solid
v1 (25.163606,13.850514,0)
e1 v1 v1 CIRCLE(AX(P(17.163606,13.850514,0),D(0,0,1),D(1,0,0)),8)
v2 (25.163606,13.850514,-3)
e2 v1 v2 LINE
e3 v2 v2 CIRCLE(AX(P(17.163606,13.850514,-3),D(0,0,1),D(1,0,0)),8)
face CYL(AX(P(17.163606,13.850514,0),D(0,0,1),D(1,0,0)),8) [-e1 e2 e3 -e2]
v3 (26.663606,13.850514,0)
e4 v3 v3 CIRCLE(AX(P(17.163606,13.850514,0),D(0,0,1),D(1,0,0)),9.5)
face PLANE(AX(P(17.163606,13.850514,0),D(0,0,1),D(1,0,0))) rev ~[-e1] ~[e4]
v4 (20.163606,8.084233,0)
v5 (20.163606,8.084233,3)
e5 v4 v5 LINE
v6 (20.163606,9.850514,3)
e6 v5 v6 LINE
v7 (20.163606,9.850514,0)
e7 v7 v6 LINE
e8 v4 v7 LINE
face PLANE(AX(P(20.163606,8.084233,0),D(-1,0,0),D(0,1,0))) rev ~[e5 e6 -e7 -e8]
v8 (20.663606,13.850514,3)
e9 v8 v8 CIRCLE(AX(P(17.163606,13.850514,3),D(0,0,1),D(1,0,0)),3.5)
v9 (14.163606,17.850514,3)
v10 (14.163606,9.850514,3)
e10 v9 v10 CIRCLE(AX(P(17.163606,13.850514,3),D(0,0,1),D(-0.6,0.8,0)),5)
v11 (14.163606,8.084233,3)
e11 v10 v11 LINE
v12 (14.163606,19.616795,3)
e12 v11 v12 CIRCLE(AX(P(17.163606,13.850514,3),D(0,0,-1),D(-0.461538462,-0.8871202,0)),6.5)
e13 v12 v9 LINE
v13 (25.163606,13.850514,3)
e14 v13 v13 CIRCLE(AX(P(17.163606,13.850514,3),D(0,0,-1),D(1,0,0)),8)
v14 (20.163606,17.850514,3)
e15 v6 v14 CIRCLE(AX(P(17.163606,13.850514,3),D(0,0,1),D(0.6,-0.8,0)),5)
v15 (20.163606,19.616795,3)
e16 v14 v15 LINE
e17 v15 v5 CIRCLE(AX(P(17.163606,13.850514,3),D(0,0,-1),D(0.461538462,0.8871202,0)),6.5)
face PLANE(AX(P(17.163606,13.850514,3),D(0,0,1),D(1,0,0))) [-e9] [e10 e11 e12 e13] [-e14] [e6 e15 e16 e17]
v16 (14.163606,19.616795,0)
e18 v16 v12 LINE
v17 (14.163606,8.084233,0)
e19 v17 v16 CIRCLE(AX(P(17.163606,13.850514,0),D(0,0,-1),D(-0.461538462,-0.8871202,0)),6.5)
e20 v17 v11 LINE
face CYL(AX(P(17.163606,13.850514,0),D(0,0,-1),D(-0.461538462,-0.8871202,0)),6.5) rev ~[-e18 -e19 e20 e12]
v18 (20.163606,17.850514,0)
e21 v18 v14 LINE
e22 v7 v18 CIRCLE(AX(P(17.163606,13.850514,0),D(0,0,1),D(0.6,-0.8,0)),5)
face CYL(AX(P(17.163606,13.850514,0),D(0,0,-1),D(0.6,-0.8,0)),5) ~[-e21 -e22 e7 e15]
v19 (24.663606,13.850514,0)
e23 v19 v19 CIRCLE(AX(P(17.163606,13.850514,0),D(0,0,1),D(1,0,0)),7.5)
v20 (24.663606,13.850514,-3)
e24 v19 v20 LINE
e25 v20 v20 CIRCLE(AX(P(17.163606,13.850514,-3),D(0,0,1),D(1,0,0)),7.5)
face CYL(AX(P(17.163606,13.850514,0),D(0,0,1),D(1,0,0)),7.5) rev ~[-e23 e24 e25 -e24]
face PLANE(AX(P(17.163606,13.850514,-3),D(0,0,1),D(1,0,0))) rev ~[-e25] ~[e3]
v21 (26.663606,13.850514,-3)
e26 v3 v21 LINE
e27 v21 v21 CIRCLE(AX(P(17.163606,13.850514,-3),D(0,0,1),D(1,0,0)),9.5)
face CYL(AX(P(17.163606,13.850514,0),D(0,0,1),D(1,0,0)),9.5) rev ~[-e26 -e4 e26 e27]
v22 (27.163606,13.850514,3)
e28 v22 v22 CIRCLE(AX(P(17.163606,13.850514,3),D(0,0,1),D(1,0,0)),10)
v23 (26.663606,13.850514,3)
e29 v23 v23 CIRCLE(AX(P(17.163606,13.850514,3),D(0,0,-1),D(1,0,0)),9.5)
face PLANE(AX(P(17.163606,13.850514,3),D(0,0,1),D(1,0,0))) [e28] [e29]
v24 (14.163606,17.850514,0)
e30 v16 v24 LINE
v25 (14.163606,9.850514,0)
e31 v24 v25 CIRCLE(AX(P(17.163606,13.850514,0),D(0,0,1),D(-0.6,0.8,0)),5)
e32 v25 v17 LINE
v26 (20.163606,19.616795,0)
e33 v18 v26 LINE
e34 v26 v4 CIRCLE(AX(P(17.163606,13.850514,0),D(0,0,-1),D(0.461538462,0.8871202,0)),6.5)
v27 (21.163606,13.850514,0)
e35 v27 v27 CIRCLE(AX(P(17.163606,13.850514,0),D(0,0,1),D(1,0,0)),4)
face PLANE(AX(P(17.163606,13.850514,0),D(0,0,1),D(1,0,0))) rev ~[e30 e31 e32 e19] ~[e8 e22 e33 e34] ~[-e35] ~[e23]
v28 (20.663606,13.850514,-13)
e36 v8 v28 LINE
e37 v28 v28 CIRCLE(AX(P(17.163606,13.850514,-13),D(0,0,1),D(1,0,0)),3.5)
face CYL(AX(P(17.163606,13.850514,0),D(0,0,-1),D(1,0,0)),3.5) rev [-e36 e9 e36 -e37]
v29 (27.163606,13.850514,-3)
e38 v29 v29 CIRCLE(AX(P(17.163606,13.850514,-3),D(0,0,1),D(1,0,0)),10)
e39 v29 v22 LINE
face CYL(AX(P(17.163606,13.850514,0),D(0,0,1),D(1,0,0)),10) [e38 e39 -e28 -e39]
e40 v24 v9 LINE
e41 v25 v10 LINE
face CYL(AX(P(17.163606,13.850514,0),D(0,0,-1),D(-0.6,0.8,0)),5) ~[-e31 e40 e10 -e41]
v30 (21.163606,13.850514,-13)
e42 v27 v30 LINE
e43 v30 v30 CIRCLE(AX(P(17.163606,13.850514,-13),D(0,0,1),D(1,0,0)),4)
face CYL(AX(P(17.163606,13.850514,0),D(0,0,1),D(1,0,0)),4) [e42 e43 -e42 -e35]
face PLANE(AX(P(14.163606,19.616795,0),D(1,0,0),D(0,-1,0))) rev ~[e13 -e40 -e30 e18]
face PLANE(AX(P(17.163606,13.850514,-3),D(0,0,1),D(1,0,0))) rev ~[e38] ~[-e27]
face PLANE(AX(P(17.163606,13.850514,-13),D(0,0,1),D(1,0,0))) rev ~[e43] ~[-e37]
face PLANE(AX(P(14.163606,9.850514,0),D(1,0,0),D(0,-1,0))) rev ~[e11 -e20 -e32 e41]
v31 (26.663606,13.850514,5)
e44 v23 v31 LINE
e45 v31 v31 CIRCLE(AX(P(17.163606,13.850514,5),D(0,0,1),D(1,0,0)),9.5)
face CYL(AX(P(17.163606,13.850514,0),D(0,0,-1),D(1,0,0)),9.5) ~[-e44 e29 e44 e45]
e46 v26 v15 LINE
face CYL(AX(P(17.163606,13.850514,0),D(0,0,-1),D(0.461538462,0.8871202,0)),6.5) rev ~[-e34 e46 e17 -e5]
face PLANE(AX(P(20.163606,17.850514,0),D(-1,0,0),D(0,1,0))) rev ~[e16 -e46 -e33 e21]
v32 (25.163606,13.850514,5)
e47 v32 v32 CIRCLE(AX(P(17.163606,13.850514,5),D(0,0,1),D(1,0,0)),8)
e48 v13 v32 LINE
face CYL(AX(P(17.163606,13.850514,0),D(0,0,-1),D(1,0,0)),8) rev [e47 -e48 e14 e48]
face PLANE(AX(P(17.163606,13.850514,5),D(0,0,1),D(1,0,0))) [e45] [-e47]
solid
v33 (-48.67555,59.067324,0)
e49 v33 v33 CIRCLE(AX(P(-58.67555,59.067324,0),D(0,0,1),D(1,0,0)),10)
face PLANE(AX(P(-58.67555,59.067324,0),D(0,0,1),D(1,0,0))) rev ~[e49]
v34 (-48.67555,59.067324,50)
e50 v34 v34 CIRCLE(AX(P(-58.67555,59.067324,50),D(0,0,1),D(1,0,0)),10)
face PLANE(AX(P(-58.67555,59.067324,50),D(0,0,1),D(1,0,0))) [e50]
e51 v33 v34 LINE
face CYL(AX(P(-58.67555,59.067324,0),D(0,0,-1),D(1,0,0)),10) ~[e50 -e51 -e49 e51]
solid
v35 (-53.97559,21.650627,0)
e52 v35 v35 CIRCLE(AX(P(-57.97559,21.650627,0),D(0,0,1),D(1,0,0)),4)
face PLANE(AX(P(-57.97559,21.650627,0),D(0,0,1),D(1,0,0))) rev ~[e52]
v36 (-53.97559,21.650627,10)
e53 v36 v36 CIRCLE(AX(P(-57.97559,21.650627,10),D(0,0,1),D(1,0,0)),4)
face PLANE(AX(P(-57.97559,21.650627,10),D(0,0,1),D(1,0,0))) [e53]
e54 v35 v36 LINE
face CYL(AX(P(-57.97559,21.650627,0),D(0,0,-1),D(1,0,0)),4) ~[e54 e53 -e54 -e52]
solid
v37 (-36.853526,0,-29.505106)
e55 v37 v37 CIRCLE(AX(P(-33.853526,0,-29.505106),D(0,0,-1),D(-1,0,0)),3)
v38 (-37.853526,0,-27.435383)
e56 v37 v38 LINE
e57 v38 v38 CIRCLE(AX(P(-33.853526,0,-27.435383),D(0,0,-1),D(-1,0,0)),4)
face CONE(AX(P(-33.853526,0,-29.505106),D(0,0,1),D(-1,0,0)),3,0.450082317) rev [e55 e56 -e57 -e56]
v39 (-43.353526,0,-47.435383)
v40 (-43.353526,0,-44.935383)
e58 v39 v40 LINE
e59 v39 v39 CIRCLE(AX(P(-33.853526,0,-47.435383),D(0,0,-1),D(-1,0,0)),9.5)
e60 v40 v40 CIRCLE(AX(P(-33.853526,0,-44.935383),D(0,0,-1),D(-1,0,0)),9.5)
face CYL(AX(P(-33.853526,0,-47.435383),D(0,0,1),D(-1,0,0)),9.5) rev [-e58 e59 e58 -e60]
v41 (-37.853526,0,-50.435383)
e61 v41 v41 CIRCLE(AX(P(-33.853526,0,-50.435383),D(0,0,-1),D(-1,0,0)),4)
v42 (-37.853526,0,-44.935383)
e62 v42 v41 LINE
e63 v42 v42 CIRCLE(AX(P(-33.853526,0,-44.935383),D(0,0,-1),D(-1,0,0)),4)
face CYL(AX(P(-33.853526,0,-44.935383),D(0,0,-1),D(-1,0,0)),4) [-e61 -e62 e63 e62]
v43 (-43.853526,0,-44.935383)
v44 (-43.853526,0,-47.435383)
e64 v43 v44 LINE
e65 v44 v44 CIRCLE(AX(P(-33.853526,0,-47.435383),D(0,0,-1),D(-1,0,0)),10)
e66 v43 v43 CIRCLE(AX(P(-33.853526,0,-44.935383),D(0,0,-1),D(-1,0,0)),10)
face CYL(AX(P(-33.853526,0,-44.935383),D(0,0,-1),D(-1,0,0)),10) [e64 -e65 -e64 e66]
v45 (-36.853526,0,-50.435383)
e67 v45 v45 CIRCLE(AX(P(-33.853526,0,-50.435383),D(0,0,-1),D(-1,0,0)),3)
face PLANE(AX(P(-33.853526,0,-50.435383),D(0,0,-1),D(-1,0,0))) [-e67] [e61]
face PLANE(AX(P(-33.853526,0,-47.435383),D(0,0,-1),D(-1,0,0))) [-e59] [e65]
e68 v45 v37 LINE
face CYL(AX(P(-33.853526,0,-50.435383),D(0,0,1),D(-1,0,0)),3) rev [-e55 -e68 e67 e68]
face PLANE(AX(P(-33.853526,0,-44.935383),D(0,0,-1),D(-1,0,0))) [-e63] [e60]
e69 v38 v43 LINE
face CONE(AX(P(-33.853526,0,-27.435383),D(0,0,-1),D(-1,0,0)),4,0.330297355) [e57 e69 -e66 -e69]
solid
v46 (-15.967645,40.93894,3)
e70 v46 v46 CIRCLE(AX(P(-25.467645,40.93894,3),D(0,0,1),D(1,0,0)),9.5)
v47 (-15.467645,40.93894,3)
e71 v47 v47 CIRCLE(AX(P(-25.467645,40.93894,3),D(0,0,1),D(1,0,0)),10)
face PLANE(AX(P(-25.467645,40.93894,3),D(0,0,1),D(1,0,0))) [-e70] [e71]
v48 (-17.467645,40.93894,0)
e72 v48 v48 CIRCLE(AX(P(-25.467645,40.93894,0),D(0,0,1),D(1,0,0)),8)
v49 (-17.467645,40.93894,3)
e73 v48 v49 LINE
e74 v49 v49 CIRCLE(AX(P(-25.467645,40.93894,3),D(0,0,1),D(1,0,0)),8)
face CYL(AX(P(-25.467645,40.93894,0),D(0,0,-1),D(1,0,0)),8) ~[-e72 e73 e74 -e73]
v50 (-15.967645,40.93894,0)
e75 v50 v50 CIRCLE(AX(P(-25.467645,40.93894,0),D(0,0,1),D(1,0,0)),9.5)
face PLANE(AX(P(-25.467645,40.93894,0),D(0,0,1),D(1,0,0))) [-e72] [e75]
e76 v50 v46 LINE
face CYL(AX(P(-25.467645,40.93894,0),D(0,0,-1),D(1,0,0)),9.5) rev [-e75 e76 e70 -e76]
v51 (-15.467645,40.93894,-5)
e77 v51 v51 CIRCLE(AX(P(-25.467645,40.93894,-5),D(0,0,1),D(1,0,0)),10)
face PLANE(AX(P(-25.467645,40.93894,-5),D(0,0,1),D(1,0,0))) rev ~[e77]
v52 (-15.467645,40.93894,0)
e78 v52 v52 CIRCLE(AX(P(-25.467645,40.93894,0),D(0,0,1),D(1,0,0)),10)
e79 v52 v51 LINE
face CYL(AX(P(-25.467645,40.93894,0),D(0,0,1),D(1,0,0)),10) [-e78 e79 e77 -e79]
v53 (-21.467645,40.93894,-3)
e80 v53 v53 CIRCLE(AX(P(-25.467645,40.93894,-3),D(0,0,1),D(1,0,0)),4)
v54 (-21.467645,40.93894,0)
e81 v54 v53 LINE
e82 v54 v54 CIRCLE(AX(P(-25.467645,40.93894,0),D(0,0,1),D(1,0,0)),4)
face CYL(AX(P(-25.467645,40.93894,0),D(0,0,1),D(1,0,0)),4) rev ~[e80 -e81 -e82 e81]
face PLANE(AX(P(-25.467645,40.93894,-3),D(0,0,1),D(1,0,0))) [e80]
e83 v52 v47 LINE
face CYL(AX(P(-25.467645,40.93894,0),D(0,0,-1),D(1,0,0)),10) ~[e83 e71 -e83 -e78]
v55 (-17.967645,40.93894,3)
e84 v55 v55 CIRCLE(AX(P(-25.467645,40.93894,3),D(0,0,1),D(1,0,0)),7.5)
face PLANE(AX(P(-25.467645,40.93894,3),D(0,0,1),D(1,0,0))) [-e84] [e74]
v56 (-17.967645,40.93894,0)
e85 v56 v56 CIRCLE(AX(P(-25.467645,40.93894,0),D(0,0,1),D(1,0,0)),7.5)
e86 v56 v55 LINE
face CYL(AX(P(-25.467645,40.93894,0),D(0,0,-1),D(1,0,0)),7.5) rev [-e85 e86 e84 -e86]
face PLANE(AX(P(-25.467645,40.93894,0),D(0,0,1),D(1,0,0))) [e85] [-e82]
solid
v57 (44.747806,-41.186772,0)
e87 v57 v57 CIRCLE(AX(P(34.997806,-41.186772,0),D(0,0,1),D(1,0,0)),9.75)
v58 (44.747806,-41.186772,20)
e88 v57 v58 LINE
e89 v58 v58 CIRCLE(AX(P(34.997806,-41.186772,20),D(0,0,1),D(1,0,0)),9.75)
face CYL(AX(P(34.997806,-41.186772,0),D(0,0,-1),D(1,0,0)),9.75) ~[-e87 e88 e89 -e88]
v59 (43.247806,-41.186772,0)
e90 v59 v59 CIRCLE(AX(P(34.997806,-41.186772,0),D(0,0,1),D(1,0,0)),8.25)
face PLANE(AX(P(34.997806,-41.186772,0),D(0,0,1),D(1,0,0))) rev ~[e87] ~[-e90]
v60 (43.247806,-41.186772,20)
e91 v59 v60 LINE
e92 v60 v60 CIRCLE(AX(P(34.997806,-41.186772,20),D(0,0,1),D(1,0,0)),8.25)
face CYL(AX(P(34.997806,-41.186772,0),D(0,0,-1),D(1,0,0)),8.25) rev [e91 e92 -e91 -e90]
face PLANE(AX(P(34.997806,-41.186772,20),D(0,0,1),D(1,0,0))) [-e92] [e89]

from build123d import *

# Parameters (mm, degrees)
F0_R      = 10
F1_DEPTH  = 50
F2_R      = 10
F2_R_2    = 9.5
F2_R_3    = 8
F2_R_4    = 7.5
F2_R_5    = 4
F3_DEPTH  = 5
F4_DEPTH  = 3
F5_DEPTH  = 3
F6_R      = 4
F7_DEPTH  = 10
F8_R      = 10
F8_R_2    = 9.5
F8_R_3    = 8
F8_R_4    = 7.5
F8_R_5    = 4
F8_R_6    = 3.5
F9_DEPTH  = 3
F10_DEPTH = 3
F11_DEPTH = 13
F12_DEPTH = 5
F15_R     = 9.75
F15_R_2   = 8.25
F16_DEPTH = 20


with BuildPart() as f1:
    # F0 (on Top) → F1 (new body)
    with BuildSketch(Plane.XY):
        with Locations((-58.6755499244, 59.0673238039)):
            Circle(F0_R)
    extrude(amount=F1_DEPTH)


with BuildPart() as f3:
    # F2 (on Top) → F3 (new body)
    with BuildSketch(Plane.XY):
        with Locations((-25.4676453769, 40.9389398992)):
            Circle(F2_R)
        with Locations((-25.4676453769, 40.9389398992)):
            Circle(F2_R_2, mode=Mode.SUBTRACT)
        with Locations((-25.4676453769, 40.9389398992)):
            Circle(F2_R_2)
        with Locations((-25.4676453769, 40.9389398992)):
            Circle(F2_R_3, mode=Mode.SUBTRACT)
        with Locations((-25.4676453769, 40.9389398992)):
            Circle(F2_R_3)
        with Locations((-25.4676453769, 40.9389398992)):
            Circle(F2_R_4, mode=Mode.SUBTRACT)
        with Locations((-25.4676453769, 40.9389398992)):
            Circle(F2_R_4)
        with Locations((-25.4676453769, 40.9389398992)):
            Circle(F2_R_5, mode=Mode.SUBTRACT)
        with Locations((-25.4676453769, 40.9389398992)):
            Circle(F2_R_5)
    extrude(amount=-F3_DEPTH)

    # F2 (on Top) → F4 (join)
    with BuildSketch(Plane.XY):
        with Locations((-25.4676453769, 40.9389398992)):
            Circle(F2_R)
        with Locations((-25.4676453769, 40.9389398992)):
            Circle(F2_R_2, mode=Mode.SUBTRACT)
        with Locations((-25.4676453769, 40.9389398992)):
            Circle(F2_R_3)
        with Locations((-25.4676453769, 40.9389398992)):
            Circle(F2_R_4, mode=Mode.SUBTRACT)
    extrude(amount=F4_DEPTH)

    # F2 (on Top) → F5 (cut)
    with BuildSketch(Plane.XY):
        with Locations((-25.4676453769, 40.9389398992)):
            Circle(F2_R_5)
    extrude(amount=-F5_DEPTH, mode=Mode.SUBTRACT)


with BuildPart() as f7:
    # F6 (on Top) → F7 (new body)
    with BuildSketch(Plane.XY):
        with Locations((-57.975590229, 21.6506272554)):
            Circle(F6_R)
    extrude(amount=F7_DEPTH)


with BuildPart() as f9:
    # F8 (on Top) → F9 (new body)
    with BuildSketch(Plane.XY):
        with Locations((17.1636063606, 13.8505138457)):
            Circle(F8_R)
        with Locations((17.1636063606, 13.8505138457)):
            Circle(F8_R_2, mode=Mode.SUBTRACT)
        with Locations((17.1636063606, 13.8505138457)):
            Circle(F8_R_2)
        with Locations((17.1636063606, 13.8505138457)):
            Circle(F8_R_3, mode=Mode.SUBTRACT)
        with Locations((17.1636063606, 13.8505138457)):
            Circle(F8_R_3)
        with Locations((17.1636063606, 13.8505138457)):
            Circle(F8_R_4, mode=Mode.SUBTRACT)
        with Locations((17.1636063606, 13.8505138457)):
            Circle(F8_R_4)
        with BuildLine():
            ThreePointArc((14.1636063606, 8.0842325483), (10.6636063606, 13.8505138457), (14.1636063606, 19.616795143))
            Line((14.1636063606, 19.616795143), (14.1636063606, 17.8505138457))
            ThreePointArc((14.1636063606, 17.8505138457), (12.1636063606, 13.8505138457), (14.1636063606, 9.8505138457))
            Line((14.1636063606, 9.8505138457), (14.1636063606, 8.0842325483))
        make_face(mode=Mode.SUBTRACT)
        with Locations((17.1636063606, 13.8505138457)):
            Circle(F8_R_5, mode=Mode.SUBTRACT)
        with BuildLine():
            Line((20.1636063606, 8.0842325483), (20.1636063606, 9.8505138457))
            ThreePointArc((20.1636063606, 9.8505138457), (22.1636063606, 13.8505138457), (20.1636063606, 17.8505138457))
            Line((20.1636063606, 17.8505138457), (20.1636063606, 19.616795143))
            ThreePointArc((20.1636063606, 19.616795143), (23.6636063606, 13.8505138457), (20.1636063606, 8.0842325483))
        make_face(mode=Mode.SUBTRACT)
        with Locations((17.1636063606, 13.8505138457)):
            Circle(F8_R_5)
        with Locations((17.1636063606, 13.8505138457)):
            Circle(F8_R_6, mode=Mode.SUBTRACT)
    extrude(amount=F9_DEPTH)

    # F8 (on Top) → F10 (join)
    with BuildSketch(Plane.XY):
        with Locations((17.1636063606, 13.8505138457)):
            Circle(F8_R)
        with Locations((17.1636063606, 13.8505138457)):
            Circle(F8_R_2, mode=Mode.SUBTRACT)
        with Locations((17.1636063606, 13.8505138457)):
            Circle(F8_R_3)
        with Locations((17.1636063606, 13.8505138457)):
            Circle(F8_R_4, mode=Mode.SUBTRACT)
    extrude(amount=-F10_DEPTH)

    # F8 (on Top) → F11 (join)
    with BuildSketch(Plane.XY):
        with Locations((17.1636063606, 13.8505138457)):
            Circle(F8_R_5)
        with Locations((17.1636063606, 13.8505138457)):
            Circle(F8_R_6, mode=Mode.SUBTRACT)
    extrude(amount=-F11_DEPTH)

    # F8 (on Top) → F12 (join)
    with BuildSketch(Plane.XY):
        with Locations((17.1636063606, 13.8505138457)):
            Circle(F8_R_2)
        with Locations((17.1636063606, 13.8505138457)):
            Circle(F8_R_3, mode=Mode.SUBTRACT)
    extrude(amount=F12_DEPTH)


with BuildPart() as f14:
    # F13 (on Front) → F14 (revolve)
    with BuildSketch(Plane.XZ):
        Polygon((-43.8535261154, -44.9353833431), (-43.8535261154, -47.4353833431), (-43.3535261154, -47.4353833431), (-43.3535261154, -44.9353833431), (-37.8535261154, -44.9353833431), (-37.8535261154, -47.4353833431), (-37.8535261154, -50.4353833431), (-36.8535261154, -50.4353833431), (-36.8535261154, -47.4353833431), (-36.8535261154, -29.5051056892), (-37.8535261154, -27.4353833431), align=None)
    revolve(axis=Axis((-33.8535261154, 0, -37.4353833431), (0, 0, -1)))


with BuildPart() as f16:
    # F15 (on Top) → F16 (new body)
    with BuildSketch(Plane.XY):
        with Locations((34.997805953, -41.1867722869)):
            Circle(F15_R)
        with Locations((34.997805953, -41.1867722869)):
            Circle(F15_R_2, mode=Mode.SUBTRACT)
    extrude(amount=F16_DEPTH)


solid = Compound([f1.part, f3.part, f7.part, f9.part, f14.part, f16.part])
